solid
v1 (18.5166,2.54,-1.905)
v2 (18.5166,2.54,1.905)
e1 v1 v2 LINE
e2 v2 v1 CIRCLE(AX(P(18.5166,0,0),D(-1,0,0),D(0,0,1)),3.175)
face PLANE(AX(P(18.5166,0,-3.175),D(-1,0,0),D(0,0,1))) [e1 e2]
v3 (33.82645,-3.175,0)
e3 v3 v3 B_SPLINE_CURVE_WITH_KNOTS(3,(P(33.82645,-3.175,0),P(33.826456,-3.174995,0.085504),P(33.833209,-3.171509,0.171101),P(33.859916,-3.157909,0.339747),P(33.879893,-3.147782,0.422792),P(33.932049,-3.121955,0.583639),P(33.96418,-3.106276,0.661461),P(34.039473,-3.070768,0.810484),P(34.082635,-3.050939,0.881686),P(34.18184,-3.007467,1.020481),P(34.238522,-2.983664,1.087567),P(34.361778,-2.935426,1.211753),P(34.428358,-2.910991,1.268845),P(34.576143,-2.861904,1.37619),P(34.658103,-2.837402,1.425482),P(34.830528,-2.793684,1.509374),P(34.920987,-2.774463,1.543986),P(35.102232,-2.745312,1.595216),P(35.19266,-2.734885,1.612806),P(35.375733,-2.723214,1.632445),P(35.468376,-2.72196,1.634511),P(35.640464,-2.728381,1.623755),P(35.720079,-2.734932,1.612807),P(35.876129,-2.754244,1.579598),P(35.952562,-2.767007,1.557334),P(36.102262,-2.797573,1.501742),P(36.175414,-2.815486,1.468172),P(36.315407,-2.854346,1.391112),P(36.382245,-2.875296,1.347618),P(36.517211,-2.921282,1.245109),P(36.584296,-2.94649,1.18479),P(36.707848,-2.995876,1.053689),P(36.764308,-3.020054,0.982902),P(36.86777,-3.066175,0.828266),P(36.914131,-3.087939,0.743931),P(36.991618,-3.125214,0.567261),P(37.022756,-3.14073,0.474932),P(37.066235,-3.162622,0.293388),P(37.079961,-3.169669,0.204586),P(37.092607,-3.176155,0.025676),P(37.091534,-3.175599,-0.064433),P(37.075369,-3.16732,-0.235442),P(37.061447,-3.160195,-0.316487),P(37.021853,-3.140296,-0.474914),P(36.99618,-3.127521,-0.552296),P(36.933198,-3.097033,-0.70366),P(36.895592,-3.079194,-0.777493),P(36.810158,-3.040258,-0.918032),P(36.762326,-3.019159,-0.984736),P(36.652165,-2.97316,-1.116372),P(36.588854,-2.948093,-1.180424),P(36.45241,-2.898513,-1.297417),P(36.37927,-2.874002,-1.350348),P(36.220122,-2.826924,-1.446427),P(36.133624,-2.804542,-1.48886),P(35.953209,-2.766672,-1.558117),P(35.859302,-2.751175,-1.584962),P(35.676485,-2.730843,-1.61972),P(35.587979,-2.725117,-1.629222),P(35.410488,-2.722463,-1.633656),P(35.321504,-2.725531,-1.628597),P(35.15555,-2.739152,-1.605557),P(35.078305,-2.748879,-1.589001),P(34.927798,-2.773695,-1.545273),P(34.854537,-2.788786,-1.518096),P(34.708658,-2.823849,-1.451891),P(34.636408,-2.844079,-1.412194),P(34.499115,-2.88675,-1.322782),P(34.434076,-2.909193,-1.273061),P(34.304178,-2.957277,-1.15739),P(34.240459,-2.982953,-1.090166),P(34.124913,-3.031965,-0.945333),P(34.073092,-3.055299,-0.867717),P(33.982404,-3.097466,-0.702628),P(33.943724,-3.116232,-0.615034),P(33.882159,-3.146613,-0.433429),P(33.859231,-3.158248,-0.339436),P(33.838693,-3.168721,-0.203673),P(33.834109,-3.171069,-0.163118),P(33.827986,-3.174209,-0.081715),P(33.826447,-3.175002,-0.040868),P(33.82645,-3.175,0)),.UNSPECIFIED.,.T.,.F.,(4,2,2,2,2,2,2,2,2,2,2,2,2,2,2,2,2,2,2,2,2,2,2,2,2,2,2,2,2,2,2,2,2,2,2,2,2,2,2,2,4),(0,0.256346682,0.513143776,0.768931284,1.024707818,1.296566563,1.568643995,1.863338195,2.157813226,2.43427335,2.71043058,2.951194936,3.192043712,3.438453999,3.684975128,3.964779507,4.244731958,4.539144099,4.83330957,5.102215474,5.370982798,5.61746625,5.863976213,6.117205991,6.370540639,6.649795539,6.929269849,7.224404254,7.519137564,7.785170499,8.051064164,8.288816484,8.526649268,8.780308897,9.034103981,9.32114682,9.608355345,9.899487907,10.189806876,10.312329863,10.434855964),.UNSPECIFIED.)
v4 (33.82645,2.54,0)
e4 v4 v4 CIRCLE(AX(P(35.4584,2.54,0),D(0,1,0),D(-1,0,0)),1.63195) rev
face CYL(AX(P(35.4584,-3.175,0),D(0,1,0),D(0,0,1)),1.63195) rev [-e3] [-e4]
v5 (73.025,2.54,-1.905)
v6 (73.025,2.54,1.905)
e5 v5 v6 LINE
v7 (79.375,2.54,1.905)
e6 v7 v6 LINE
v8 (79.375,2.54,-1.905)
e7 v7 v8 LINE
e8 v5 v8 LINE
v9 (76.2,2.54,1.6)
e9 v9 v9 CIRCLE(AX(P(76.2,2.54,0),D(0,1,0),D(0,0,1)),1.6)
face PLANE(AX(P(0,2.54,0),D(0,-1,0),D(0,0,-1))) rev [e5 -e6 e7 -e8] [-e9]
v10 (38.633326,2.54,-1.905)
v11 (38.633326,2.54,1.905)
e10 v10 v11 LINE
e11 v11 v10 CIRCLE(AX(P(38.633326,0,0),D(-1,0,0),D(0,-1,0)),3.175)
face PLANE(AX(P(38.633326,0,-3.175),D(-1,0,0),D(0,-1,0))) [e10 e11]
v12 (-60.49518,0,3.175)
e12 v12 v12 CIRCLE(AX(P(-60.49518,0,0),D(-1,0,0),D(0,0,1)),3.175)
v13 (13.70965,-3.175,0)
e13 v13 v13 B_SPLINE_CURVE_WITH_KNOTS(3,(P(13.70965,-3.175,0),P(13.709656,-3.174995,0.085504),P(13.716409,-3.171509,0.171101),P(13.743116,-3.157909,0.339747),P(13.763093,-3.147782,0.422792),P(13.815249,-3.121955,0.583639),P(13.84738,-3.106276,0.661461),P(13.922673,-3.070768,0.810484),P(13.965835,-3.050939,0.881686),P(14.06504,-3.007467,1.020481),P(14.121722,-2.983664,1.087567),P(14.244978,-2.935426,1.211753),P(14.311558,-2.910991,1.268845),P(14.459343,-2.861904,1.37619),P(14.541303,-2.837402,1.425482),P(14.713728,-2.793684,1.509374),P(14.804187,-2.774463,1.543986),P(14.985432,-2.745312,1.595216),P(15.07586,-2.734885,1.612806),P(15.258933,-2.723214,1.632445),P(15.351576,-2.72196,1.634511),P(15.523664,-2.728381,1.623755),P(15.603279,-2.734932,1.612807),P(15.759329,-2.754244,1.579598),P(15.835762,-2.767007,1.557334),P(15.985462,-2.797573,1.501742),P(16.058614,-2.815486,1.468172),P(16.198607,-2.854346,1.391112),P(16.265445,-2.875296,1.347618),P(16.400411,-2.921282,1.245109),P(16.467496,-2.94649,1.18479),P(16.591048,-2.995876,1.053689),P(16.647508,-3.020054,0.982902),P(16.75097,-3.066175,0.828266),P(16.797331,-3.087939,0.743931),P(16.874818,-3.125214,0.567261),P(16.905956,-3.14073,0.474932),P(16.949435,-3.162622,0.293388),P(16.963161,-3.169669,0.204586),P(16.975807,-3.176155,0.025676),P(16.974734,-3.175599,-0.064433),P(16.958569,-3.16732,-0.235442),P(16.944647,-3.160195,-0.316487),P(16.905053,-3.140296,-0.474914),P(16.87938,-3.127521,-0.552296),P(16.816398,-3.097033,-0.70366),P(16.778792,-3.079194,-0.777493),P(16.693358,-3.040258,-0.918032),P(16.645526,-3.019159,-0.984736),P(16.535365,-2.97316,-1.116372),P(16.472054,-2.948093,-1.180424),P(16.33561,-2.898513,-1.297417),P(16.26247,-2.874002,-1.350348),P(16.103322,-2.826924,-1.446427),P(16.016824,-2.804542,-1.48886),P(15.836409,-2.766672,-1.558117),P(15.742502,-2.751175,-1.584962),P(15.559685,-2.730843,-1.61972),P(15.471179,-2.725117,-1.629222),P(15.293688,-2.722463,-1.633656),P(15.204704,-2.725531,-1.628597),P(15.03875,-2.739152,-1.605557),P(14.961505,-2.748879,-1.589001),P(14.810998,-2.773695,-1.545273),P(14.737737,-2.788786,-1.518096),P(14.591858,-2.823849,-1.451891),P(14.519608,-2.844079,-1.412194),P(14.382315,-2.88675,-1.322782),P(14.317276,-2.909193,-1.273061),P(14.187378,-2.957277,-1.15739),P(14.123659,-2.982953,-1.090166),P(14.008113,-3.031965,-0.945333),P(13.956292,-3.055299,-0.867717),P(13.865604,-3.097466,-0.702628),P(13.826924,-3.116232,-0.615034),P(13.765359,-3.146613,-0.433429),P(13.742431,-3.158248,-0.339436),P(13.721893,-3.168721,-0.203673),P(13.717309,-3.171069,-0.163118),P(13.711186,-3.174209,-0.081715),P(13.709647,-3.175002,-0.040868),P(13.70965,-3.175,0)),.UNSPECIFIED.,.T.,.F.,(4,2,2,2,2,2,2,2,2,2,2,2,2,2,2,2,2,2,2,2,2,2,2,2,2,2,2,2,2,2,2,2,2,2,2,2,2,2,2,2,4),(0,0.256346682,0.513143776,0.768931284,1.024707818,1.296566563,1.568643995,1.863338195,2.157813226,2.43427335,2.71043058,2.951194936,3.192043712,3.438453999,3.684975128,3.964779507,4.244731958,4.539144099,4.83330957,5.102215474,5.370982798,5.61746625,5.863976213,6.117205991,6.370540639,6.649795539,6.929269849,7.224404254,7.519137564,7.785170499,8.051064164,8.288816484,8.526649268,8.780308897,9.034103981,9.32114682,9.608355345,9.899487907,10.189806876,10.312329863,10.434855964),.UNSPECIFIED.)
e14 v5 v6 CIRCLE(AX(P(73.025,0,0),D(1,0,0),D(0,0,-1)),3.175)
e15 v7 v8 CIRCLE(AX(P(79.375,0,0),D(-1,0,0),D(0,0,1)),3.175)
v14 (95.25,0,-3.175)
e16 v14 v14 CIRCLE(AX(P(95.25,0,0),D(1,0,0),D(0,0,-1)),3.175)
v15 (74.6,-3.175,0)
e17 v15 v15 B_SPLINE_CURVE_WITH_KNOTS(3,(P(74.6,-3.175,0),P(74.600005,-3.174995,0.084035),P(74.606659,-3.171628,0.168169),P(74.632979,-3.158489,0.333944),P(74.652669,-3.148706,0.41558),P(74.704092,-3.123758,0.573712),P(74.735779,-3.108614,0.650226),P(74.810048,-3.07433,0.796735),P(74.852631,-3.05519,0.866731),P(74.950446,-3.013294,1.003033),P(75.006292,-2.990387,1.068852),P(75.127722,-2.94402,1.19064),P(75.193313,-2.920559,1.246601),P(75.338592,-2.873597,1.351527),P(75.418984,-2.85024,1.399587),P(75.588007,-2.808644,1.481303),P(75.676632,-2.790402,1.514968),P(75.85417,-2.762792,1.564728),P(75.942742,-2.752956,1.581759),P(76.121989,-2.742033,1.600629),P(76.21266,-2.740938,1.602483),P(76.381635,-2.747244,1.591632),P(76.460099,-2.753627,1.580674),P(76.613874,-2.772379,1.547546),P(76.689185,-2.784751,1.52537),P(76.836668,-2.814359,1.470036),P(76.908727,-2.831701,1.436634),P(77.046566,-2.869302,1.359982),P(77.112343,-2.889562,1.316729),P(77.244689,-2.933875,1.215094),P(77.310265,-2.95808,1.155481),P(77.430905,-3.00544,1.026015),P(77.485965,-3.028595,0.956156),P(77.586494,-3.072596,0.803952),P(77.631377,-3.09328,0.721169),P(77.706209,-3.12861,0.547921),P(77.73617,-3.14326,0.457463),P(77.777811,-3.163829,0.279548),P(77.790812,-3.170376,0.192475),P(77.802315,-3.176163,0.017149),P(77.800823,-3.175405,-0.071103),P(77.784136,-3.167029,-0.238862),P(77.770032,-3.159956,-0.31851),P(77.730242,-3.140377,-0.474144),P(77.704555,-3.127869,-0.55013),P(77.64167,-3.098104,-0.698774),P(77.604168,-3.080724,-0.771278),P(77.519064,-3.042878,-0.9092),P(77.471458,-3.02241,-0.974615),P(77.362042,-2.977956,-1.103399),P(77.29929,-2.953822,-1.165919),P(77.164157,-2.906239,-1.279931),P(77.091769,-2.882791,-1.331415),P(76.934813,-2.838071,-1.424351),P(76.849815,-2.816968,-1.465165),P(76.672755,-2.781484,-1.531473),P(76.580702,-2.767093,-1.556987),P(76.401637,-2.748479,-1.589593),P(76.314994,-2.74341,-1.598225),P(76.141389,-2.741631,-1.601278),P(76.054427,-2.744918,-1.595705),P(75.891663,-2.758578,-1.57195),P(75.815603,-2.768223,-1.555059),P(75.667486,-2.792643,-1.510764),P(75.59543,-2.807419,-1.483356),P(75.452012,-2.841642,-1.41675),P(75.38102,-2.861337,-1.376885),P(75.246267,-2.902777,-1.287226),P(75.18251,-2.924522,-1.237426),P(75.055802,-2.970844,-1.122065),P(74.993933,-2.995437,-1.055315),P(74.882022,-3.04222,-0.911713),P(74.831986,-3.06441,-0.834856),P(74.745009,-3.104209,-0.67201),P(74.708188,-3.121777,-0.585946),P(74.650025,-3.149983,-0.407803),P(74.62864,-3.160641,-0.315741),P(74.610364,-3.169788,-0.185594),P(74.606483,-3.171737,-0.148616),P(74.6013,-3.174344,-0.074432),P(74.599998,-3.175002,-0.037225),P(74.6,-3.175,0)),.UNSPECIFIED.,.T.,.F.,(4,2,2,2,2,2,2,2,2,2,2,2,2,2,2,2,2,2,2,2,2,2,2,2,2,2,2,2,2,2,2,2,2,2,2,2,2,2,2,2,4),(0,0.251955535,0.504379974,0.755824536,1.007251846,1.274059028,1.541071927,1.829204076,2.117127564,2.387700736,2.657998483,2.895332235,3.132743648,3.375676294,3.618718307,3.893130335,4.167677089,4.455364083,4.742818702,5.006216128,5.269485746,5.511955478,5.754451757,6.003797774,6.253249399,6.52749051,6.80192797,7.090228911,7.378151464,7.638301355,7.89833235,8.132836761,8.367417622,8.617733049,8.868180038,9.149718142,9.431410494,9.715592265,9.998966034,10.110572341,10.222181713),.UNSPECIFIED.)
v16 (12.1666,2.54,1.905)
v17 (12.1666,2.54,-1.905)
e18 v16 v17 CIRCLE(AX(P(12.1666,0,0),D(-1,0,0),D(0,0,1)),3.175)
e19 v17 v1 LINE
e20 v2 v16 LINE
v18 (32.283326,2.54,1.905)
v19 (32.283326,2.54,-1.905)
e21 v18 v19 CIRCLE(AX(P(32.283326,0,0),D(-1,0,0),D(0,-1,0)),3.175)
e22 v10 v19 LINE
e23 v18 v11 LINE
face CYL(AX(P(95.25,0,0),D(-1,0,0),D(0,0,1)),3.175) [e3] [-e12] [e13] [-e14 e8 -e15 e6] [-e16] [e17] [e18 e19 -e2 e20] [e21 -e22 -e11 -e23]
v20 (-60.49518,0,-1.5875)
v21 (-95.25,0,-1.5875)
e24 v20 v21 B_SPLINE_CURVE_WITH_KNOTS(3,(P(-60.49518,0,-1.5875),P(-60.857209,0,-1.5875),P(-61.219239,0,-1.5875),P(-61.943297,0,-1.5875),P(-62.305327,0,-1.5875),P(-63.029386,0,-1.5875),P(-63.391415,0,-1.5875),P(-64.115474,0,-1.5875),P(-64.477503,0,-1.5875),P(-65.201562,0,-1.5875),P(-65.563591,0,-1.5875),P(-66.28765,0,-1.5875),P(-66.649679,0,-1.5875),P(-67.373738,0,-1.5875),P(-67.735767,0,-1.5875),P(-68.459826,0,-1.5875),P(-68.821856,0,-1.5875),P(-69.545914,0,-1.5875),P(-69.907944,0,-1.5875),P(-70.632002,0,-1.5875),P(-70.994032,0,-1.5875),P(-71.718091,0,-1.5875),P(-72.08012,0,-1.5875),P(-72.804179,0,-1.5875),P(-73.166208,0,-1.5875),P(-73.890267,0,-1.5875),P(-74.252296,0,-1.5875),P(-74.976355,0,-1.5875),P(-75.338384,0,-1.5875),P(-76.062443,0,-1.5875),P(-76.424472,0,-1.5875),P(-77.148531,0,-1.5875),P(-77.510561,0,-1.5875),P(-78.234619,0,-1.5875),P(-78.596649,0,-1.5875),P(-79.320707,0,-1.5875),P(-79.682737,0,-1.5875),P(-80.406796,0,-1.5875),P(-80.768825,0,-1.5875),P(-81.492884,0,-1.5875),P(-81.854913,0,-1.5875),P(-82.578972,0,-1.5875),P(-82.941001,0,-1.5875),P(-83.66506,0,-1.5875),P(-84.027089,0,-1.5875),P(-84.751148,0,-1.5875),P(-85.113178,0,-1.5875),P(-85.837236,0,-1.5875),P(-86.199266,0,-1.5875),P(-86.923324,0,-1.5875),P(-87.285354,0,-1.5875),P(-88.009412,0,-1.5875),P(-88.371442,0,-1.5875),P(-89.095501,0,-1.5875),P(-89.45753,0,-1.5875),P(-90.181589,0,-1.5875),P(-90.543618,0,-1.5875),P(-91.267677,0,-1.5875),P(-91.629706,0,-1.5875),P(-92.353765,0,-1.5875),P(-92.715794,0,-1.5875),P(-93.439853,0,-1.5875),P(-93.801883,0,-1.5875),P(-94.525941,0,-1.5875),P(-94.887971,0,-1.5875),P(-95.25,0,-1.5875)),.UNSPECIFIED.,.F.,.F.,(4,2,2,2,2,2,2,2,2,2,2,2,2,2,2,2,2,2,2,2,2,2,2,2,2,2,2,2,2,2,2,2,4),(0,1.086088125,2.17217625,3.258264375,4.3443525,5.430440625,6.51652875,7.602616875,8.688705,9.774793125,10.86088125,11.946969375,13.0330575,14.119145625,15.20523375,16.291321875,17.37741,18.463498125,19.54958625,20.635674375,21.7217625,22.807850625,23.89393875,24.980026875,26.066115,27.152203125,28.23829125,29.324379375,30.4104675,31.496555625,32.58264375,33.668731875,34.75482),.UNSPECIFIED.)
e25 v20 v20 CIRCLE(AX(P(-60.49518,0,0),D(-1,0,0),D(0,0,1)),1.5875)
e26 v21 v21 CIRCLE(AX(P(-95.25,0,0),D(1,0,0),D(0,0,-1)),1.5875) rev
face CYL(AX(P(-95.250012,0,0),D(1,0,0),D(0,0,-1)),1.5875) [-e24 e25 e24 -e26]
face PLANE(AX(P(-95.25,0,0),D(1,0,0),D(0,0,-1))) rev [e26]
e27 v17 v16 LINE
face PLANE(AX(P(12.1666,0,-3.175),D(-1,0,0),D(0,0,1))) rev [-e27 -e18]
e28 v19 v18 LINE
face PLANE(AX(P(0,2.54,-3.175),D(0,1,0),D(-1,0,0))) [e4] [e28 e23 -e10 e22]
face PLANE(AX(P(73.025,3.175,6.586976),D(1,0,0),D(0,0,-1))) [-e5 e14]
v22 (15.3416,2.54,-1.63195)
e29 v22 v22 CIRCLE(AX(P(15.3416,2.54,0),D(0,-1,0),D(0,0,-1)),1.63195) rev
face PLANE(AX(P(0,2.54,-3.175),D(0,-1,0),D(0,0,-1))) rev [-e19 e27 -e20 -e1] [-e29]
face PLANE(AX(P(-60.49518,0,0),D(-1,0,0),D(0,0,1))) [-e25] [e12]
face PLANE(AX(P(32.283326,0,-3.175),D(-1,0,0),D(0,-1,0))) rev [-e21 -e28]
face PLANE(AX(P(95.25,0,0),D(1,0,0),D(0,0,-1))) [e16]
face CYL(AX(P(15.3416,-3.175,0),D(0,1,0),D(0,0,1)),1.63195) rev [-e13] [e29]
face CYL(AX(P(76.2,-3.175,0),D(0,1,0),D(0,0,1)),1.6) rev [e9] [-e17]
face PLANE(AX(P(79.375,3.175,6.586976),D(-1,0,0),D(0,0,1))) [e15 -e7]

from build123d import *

# Parameters (mm, degrees)
SKETCH2_R                        = 3.175
MAIN_SHAFT_DEPTH                 = 95.25
PIN_HOLES_CUT_DEPTH              = 96.355774602
PIN_HOLES_CUT_DEPTH_BACK         = 96.355774602
SKETCH3_R                        = 1.63195
FLAT_FOR_DRILLING_CUT_DEPTH      = 96.355774709
FLAT_FOR_DRILLING_CUT_DEPTH_BACK = 96.355774709
SKETCH5_W                        = 6.35
SKETCH5_H                        = 0.635
F_1_8_CUT_DEPTH                  = 191.552909422
F_1_8_CUT_DEPTH_BACK             = 34.75482
SKETCH6_R                        = 3.175
SKETCH6_R_2                      = 1.5875
CUT_EXTRUDE1_DEPTH               = 96.355774709
CUT_EXTRUDE1_DEPTH_BACK          = 96.355774709
SKETCH7_R                        = 1.6
CUT_EXTRUDE2_START               = 2.54
SKETCH7_3_W                      = 6.35
SKETCH7_3_H                      = 13.17395124
SKETCH7_3_R                      = 1.6
CUT_EXTRUDE2_DEPTH               = 93.815774709


with BuildPart() as part:
    # Sketch2 → Main Shaft (new, symmetric)
    with BuildSketch(Plane(origin=(0, 0, 0), x_dir=(0, 0, -1), z_dir=(1, 0, 0))):
        Circle(SKETCH2_R)
    extrude(amount=MAIN_SHAFT_DEPTH, both=True)

    # Sketch3 → Pin Holes Cut (cut, two sides: drawn at the far end of the back side and taken through both)
    with BuildSketch(Plane(origin=(0, 0, 0), x_dir=(1, 0, 0), z_dir=(0, 1, 0)).offset(-PIN_HOLES_CUT_DEPTH_BACK)):
        with Locations((15.3416, 0)):
            Circle(SKETCH3_R)
        with Locations((35.4584, 0)):
            Circle(SKETCH3_R)
    extrude(amount=PIN_HOLES_CUT_DEPTH + PIN_HOLES_CUT_DEPTH_BACK, mode=Mode.SUBTRACT)

    # Sketch5 → Flat for drilling Cut (cut, two sides: drawn at the far end of the back side and taken through both)
    with BuildSketch(Plane.XY.offset(-FLAT_FOR_DRILLING_CUT_DEPTH_BACK)):
        with Locations((15.3416, 2.8575)):
            Rectangle(SKETCH5_W, SKETCH5_H)
        with Locations((35.45832639, 2.8575)):
            Rectangle(SKETCH5_W, SKETCH5_H)
    extrude(amount=FLAT_FOR_DRILLING_CUT_DEPTH + FLAT_FOR_DRILLING_CUT_DEPTH_BACK, mode=Mode.SUBTRACT)

    # Sketch6 → 1/8 Cut (cut, two sides: drawn at the far end of the back side and taken through both)
    with BuildSketch(Plane.ZY.offset(95.25).offset(-F_1_8_CUT_DEPTH_BACK)):
        Circle(SKETCH6_R)
        Circle(SKETCH6_R_2, mode=Mode.SUBTRACT)
    extrude(amount=F_1_8_CUT_DEPTH + F_1_8_CUT_DEPTH_BACK, mode=Mode.SUBTRACT)

    # Sketch7 → Cut-Extrude1 (cut, two sides: drawn at the far end of the back side and taken through both)
    with BuildSketch(Plane(origin=(0, 0, 0), x_dir=(1, 0, 0), z_dir=(0, 1, 0)).offset(-CUT_EXTRUDE1_DEPTH_BACK)):
        with Locations((76.2, 0)):
            Circle(SKETCH7_R)
    extrude(amount=CUT_EXTRUDE1_DEPTH + CUT_EXTRUDE1_DEPTH_BACK, mode=Mode.SUBTRACT)

    # Sketch7<3> → Cut-Extrude2 (cut, through all)
    with BuildSketch(Plane(origin=(0, 0, 0), x_dir=(1, 0, 0), z_dir=(0, 1, 0)).offset(CUT_EXTRUDE2_START)):
        with Locations((76.2, 0)):
            Rectangle(SKETCH7_3_W, SKETCH7_3_H)
        with Locations((76.2, 0)):
            Circle(SKETCH7_3_R, mode=Mode.SUBTRACT)
    extrude(amount=CUT_EXTRUDE2_DEPTH, mode=Mode.SUBTRACT)


solid = part.part
